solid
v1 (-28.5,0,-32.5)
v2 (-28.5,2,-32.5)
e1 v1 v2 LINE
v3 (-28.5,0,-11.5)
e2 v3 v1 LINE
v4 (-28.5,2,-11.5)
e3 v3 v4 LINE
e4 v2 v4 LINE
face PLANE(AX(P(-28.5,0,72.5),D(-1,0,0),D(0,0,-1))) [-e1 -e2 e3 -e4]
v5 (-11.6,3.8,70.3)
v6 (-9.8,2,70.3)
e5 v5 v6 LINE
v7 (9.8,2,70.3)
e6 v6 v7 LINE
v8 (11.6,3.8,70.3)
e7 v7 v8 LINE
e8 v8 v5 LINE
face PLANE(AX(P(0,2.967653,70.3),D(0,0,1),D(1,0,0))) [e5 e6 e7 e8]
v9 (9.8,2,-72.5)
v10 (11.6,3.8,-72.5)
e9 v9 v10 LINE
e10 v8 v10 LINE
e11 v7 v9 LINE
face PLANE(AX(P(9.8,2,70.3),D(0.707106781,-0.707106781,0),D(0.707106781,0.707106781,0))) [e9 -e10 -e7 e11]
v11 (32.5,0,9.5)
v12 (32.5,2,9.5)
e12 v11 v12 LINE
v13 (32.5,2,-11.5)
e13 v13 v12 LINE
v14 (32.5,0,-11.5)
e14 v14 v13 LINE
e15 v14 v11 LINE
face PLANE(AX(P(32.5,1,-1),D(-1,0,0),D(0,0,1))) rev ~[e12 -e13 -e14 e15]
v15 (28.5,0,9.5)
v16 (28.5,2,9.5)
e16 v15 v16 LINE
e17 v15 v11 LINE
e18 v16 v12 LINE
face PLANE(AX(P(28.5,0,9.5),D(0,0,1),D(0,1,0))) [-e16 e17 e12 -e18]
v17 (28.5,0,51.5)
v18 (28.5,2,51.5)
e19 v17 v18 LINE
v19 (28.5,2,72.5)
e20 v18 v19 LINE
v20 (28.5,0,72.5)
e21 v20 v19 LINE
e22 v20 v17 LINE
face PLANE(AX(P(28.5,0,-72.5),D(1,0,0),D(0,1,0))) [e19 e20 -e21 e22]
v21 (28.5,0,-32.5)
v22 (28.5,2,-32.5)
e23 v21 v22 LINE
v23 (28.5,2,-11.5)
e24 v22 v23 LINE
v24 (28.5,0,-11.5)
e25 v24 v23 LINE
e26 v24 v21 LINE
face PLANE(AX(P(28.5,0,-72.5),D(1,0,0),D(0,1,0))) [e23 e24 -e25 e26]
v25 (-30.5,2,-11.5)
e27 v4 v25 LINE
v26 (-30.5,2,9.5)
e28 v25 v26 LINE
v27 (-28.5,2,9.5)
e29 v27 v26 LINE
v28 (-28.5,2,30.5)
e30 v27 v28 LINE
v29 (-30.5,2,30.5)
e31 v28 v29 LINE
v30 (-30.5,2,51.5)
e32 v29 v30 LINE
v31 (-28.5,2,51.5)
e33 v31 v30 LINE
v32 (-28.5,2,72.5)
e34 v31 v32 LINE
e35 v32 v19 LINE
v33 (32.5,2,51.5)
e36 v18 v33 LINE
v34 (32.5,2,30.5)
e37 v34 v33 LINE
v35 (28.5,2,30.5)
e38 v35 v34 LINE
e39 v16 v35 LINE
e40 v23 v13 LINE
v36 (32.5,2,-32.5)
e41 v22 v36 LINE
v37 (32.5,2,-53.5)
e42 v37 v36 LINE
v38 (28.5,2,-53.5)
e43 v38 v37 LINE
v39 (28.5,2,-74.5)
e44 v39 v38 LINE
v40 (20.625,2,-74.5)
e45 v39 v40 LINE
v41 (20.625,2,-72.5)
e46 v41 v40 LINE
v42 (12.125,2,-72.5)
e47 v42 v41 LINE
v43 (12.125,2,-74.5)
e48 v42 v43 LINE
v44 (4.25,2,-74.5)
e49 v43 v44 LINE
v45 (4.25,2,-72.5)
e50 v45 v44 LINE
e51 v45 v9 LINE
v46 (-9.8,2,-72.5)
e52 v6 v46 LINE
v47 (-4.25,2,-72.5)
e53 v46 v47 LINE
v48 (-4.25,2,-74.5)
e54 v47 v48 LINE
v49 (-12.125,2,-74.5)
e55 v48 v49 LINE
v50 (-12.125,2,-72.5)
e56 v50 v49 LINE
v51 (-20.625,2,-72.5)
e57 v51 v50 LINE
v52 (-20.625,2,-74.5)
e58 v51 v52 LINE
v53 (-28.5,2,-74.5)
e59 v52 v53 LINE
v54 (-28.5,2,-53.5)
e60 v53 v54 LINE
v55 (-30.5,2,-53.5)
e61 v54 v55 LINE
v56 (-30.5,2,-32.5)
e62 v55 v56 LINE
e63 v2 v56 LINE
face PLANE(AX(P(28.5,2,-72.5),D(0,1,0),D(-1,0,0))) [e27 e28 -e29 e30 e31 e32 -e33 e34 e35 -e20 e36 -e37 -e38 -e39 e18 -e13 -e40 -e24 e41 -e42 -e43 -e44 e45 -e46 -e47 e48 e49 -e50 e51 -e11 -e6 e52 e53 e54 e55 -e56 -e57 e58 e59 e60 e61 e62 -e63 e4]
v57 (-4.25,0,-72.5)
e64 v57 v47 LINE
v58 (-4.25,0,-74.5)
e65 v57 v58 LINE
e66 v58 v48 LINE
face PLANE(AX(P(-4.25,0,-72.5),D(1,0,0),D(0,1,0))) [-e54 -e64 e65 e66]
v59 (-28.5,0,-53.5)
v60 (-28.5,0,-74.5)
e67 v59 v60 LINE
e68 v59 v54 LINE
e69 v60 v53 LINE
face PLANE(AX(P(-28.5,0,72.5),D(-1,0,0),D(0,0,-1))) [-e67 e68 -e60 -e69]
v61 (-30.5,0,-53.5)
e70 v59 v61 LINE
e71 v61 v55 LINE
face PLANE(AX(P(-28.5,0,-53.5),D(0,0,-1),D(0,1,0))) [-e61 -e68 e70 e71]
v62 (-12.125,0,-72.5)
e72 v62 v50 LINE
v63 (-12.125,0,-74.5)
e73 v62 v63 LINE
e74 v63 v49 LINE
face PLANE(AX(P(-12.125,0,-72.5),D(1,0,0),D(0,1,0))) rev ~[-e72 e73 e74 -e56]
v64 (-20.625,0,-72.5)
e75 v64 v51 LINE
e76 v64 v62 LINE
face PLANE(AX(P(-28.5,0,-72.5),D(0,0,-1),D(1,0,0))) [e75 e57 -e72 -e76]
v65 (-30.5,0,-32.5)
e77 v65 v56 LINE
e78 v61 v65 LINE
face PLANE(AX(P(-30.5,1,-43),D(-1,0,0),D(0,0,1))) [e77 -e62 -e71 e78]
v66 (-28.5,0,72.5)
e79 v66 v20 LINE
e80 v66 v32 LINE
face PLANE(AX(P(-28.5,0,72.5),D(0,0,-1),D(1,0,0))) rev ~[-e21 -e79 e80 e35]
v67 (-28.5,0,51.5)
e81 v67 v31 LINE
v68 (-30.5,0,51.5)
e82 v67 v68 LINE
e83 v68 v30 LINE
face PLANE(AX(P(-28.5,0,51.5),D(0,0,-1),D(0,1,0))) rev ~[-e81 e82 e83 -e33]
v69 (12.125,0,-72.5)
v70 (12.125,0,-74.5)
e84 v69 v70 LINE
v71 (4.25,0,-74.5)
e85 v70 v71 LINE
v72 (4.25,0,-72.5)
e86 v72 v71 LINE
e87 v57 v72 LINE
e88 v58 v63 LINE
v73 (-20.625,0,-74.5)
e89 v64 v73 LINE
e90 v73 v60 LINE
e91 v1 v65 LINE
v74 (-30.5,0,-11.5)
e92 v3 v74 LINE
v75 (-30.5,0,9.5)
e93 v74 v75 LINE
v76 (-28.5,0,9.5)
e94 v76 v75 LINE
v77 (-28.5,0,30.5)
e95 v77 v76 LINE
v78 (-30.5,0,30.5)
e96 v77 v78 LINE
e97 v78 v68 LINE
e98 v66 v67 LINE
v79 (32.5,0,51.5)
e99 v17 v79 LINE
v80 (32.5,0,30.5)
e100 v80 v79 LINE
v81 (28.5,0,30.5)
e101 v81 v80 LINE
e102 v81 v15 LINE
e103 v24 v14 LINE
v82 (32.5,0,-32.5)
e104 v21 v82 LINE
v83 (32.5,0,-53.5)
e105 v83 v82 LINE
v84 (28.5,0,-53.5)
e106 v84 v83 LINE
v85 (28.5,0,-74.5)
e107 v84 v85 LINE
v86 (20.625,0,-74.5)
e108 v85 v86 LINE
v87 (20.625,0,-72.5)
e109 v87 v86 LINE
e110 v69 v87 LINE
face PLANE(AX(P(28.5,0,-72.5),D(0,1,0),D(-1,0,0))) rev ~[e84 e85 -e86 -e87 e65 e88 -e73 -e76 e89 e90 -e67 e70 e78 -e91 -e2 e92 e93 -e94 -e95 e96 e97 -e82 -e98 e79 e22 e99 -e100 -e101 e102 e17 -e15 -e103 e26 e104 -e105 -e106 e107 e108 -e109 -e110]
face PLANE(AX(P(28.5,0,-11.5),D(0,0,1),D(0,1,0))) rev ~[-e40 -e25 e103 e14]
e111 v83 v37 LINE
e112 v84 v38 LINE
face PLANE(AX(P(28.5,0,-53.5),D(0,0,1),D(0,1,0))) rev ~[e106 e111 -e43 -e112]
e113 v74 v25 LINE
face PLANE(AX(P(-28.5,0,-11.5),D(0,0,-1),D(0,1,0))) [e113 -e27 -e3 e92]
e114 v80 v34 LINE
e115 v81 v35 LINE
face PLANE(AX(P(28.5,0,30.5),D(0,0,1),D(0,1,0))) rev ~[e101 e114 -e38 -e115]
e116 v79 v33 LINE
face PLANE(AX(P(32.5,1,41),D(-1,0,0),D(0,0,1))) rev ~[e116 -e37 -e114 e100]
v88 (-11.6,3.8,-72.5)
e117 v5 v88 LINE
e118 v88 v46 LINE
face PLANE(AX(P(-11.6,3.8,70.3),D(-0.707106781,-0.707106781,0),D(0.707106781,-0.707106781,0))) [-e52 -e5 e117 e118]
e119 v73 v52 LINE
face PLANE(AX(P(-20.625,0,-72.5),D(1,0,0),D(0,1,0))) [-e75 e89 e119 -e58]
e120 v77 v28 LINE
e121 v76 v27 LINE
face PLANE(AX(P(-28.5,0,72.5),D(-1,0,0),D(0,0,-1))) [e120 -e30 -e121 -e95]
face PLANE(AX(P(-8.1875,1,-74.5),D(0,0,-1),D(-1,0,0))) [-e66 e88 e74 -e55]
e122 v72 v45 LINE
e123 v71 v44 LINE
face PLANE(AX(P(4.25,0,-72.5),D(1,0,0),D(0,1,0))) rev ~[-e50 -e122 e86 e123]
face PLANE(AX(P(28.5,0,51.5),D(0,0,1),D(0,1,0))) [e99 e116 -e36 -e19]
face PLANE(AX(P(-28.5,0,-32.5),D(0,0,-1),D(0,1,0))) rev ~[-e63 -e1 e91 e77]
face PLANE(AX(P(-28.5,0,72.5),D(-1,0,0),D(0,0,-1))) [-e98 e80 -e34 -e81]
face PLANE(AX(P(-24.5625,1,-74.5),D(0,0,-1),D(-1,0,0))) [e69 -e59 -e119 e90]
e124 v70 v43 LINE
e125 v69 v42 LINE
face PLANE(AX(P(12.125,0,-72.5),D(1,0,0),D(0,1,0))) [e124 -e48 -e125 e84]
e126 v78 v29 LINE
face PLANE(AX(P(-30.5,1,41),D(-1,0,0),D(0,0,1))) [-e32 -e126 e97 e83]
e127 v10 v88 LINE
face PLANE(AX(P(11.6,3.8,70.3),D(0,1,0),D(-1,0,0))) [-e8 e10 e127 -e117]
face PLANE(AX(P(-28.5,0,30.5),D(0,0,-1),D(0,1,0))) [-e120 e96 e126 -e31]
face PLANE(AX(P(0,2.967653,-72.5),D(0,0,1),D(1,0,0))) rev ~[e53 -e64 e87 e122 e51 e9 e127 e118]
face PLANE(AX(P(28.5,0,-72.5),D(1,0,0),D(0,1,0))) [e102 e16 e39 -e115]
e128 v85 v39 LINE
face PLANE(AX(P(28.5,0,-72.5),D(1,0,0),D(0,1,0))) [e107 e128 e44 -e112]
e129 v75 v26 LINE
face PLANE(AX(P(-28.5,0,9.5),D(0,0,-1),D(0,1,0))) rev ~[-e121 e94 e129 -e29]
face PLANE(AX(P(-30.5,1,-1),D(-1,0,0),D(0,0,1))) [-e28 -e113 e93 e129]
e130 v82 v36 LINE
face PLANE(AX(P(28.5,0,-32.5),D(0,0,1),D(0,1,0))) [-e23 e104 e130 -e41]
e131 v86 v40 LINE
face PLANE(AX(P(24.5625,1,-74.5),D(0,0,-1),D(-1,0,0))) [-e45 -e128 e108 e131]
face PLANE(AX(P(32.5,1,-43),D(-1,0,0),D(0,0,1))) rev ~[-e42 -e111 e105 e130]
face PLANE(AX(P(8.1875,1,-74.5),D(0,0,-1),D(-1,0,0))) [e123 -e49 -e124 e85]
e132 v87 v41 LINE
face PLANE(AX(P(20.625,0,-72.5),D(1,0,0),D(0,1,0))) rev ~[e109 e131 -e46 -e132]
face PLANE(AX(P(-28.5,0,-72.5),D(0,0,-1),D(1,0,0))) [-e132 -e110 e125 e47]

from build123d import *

# Parameters (mm, degrees)
SKETCH_4_W      = 57
SKETCH_4_H      = 145
EXTRUDE_1_DEPTH = 2
SKETCH_5_W      = 7.875
SKETCH_5_H      = 2
EXTRUDE_2_DEPTH = 2
SKETCH_6_W      = 21
SKETCH_6_H      = 2
EXTRUDE_3_DEPTH = 2
EXTRUDE_START   = -57
SKETCH_6_2_W    = 21
SKETCH_6_2_H    = 2
EXTRUDE_4_DEPTH = 4
EXTRUDE_START_2 = -2.2
EXTRUDE_5_DEPTH = 142.8


with BuildPart() as part:
    # 草图4 → 凸台-拉伸1 (new body)
    with BuildSketch(Plane(origin=(0, 0, 0), x_dir=(1, 0, 0), z_dir=(0, 1, 0))):
        Rectangle(SKETCH_4_W, SKETCH_4_H)
    extrude(amount=EXTRUDE_1_DEPTH)

    # 草图5 → 凸台-拉伸2 (add)
    with BuildSketch(Plane(origin=(0, 0, -72.5), x_dir=(-1, 0, 0), z_dir=(0, 0, -1))):
        with Locations((-24.5625, 1)):
            Rectangle(SKETCH_5_W, SKETCH_5_H)
        with Locations((-8.1875, 1)):
            Rectangle(SKETCH_5_W, SKETCH_5_H)
        with Locations((8.1875, 1)):
            Rectangle(SKETCH_5_W, SKETCH_5_H)
        with Locations((24.5625, 1)):
            Rectangle(SKETCH_5_W, SKETCH_5_H)
    extrude(amount=EXTRUDE_2_DEPTH)

    # 草图6 → 凸台-拉伸3 (add)
    with BuildSketch(Plane.ZY.offset(28.5)):
        with Locations((-43, 1)):
            Rectangle(SKETCH_6_W, SKETCH_6_H)
        with Locations((-1, 1)):
            Rectangle(SKETCH_6_W, SKETCH_6_H)
        with Locations((41, 1)):
            Rectangle(SKETCH_6_W, SKETCH_6_H)
    extrude(amount=EXTRUDE_3_DEPTH)

    # 草图6<2> → 凸台-拉伸4 (add)
    with BuildSketch(Plane.ZY.offset(28.5).offset(EXTRUDE_START)):
        with Locations((-43, 1)):
            Rectangle(SKETCH_6_2_W, SKETCH_6_2_H)
        with Locations((-1, 1)):
            Rectangle(SKETCH_6_2_W, SKETCH_6_2_H)
        with Locations((41, 1)):
            Rectangle(SKETCH_6_2_W, SKETCH_6_2_H)
    extrude(amount=-EXTRUDE_4_DEPTH)

    # 草图8 → 凸台-拉伸5 (add)
    with BuildSketch(Plane.XY.offset(72.5).offset(EXTRUDE_START_2)):
        Polygon((-11.6, 3.8), (-9.8, 2), (9.8, 2), (11.6, 3.8), (9.8, 3.8), (-9.8, 3.8), align=None)
    extrude(amount=-EXTRUDE_5_DEPTH)


solid = part.part
